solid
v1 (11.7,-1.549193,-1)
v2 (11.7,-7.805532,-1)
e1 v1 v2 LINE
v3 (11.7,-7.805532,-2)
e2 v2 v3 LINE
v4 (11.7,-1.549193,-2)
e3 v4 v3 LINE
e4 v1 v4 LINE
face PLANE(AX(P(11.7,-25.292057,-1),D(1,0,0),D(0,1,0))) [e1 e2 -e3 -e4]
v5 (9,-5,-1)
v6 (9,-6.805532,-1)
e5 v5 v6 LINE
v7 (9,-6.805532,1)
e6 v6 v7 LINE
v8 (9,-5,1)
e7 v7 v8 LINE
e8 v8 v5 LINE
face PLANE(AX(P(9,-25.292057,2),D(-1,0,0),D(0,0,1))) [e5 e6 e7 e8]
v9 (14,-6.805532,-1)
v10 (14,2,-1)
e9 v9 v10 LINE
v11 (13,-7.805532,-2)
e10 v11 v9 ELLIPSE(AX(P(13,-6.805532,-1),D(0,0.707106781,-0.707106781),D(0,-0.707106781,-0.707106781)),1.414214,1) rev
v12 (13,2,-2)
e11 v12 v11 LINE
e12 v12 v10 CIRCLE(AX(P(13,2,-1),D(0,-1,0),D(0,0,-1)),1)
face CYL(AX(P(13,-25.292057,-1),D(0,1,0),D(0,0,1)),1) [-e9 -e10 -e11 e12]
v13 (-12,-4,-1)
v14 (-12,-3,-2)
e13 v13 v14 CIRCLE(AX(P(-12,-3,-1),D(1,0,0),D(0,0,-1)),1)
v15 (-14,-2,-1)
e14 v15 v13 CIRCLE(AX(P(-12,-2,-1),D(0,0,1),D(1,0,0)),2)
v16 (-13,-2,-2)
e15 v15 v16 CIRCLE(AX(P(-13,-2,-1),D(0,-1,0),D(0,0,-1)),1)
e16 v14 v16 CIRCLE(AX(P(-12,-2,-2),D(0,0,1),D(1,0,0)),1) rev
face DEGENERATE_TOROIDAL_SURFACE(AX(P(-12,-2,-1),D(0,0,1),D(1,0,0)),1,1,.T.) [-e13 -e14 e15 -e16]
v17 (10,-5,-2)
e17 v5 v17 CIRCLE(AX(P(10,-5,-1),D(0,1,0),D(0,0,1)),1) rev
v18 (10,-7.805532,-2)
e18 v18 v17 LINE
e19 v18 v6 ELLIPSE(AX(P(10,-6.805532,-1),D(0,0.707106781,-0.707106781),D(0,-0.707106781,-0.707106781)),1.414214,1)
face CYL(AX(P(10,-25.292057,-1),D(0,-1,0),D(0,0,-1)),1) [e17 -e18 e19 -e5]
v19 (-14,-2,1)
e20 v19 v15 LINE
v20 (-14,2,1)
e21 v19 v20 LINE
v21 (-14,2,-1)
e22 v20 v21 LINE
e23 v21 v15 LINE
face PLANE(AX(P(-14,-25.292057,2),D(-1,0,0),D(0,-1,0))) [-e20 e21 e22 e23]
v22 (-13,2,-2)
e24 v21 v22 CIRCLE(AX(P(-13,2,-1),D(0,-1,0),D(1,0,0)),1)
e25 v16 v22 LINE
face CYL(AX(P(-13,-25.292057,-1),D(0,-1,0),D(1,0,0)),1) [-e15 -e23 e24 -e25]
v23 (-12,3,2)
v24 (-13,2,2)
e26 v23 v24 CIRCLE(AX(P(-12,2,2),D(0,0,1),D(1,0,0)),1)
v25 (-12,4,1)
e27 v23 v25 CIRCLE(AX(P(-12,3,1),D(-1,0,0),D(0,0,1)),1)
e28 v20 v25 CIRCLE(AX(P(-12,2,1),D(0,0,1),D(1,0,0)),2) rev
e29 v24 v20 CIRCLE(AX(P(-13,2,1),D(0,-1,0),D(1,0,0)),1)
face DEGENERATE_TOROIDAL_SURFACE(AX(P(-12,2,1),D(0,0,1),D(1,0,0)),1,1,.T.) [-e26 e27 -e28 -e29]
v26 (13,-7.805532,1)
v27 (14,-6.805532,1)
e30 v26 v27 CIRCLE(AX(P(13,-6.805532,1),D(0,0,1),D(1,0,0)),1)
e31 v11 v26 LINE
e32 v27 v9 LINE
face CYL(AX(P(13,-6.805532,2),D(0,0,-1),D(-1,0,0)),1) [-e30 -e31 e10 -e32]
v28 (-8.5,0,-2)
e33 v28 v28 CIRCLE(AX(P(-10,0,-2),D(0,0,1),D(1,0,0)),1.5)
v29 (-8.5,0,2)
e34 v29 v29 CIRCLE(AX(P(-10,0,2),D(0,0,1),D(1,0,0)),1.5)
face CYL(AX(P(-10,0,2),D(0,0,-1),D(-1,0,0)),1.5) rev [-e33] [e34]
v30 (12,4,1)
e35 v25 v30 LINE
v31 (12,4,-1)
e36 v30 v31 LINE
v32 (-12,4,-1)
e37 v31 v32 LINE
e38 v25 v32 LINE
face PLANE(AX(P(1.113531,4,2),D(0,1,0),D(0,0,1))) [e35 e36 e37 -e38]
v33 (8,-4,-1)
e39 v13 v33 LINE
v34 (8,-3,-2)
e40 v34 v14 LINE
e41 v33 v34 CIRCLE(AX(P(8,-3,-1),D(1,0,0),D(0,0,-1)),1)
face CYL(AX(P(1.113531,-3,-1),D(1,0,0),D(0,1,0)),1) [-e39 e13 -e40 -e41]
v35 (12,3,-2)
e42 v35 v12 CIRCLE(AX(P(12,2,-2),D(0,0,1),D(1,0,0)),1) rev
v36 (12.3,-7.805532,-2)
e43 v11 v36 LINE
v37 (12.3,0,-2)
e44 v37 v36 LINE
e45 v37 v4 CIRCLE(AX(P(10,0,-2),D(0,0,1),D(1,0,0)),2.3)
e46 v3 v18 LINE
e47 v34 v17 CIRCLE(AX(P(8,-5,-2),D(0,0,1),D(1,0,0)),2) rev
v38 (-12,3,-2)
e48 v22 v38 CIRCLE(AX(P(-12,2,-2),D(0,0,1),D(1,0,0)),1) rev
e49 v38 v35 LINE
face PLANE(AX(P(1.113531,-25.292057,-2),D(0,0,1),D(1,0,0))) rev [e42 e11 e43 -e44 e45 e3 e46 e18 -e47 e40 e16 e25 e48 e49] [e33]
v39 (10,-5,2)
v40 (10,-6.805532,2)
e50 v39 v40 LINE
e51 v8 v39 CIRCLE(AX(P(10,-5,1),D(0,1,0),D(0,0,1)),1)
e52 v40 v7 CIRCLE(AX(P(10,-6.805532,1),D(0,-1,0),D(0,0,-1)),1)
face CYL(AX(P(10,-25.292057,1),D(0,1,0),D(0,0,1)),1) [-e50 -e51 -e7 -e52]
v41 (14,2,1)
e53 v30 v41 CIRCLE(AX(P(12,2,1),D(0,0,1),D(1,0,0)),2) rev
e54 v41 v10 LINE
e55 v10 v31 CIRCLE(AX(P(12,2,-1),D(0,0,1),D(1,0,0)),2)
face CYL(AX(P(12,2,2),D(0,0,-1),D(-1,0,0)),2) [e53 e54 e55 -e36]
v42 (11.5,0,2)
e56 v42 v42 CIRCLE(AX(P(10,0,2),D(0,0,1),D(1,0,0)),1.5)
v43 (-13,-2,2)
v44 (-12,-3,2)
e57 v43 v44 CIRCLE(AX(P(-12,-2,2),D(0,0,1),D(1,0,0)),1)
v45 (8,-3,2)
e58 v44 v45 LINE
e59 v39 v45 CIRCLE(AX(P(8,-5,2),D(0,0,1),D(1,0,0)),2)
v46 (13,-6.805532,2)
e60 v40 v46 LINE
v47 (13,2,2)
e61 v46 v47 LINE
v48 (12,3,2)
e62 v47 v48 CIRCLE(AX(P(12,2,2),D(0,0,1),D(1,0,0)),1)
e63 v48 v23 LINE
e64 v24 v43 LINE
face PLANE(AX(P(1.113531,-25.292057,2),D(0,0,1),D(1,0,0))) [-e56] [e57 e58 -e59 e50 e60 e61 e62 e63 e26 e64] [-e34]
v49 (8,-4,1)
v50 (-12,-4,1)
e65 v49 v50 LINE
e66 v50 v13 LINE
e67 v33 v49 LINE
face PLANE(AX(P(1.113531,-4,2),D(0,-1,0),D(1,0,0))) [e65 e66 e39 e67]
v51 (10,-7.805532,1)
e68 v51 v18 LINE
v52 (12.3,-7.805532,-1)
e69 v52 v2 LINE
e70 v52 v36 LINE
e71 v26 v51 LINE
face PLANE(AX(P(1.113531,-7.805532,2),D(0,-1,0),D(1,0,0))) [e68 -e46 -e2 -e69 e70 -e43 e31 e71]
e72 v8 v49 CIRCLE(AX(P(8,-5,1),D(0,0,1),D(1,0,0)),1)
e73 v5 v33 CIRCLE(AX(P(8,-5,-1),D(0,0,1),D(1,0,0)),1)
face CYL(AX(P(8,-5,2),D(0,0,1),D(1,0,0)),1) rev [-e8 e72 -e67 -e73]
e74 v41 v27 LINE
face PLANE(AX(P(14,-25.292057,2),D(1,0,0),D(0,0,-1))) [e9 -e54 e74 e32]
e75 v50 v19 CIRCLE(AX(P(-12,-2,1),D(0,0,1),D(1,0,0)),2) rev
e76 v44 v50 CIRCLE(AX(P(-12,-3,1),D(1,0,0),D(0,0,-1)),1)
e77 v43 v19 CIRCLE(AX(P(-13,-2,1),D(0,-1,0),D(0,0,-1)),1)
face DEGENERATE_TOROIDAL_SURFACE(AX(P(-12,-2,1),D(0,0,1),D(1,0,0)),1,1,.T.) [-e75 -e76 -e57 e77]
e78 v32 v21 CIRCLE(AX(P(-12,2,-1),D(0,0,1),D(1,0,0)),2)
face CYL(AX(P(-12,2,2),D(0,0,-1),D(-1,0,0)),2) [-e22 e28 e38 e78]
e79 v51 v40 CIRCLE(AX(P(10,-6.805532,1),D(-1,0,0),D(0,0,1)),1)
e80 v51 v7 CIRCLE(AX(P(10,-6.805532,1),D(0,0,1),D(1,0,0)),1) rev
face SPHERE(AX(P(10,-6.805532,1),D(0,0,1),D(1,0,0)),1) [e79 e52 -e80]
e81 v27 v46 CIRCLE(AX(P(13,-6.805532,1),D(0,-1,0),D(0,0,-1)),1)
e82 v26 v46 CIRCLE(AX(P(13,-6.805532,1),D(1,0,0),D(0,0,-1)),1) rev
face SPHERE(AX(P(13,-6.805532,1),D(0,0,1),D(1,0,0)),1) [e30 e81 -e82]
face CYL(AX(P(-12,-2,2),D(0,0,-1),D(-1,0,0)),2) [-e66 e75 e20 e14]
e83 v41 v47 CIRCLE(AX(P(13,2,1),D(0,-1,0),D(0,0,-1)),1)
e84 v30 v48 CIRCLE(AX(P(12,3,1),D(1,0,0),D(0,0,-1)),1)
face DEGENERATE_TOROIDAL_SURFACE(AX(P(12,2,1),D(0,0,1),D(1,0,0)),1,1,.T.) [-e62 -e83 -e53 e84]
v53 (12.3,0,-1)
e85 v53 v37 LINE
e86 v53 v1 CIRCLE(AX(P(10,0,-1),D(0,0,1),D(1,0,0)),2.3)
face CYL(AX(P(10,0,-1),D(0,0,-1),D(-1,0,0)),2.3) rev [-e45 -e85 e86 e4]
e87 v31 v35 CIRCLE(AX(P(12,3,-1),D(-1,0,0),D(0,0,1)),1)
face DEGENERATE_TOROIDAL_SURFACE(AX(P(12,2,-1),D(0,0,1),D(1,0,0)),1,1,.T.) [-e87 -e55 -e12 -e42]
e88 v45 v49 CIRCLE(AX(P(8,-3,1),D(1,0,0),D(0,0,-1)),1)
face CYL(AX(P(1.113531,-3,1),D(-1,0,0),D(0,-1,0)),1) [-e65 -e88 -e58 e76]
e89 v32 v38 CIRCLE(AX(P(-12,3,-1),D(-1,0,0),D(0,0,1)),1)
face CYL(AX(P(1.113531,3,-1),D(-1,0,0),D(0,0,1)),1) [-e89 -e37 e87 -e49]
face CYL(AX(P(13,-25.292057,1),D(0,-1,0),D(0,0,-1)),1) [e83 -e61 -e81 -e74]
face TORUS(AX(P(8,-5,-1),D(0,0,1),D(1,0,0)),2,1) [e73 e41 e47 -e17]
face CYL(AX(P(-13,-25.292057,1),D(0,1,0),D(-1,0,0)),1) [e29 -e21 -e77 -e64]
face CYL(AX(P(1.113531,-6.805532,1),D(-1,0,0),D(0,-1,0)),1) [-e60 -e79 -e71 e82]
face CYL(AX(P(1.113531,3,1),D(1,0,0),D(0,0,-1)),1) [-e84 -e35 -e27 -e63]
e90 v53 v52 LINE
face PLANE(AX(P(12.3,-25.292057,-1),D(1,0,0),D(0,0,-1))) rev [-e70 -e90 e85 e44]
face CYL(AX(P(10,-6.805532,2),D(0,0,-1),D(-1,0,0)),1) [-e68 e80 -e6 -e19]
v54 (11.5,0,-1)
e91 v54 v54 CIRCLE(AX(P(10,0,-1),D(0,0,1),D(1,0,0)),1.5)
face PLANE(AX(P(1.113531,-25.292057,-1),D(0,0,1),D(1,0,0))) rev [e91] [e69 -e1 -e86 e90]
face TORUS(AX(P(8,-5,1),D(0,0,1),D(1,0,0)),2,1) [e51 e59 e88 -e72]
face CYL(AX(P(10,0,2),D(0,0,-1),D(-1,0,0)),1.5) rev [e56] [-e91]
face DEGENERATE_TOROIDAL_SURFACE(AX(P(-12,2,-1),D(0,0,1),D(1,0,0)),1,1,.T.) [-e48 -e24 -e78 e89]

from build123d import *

# Parameters (mm, degrees)
SKETCH1_W      = 2.7
SKETCH1_H      = 3.805531959
SKETCH1_W_2    = 1.7
SKETCH1_R      = 1.5
SKETCH1_R_2    = 2.3
EXTRUDE1_DEPTH = 2
EXTRUDE2_START = -2
SKETCH1_4_R    = 2.3
SKETCH1_4_R_2  = 1.5
EXTRUDE2_DEPTH = 1
FILLET1_R      = 1


with BuildPart() as part:
    # Sketch1 → Extrude1 (new, symmetric)
    with BuildSketch(Plane.XY):
        with BuildLine():
            Line((12.3, -4), (12.3, -3.977371993))
            ThreePointArc((12.3, -3.977371993), (12.150426084, -3.994334975), (12, -4))
            Line((12, -4), (12.3, -4))
        make_face()
        with BuildLine():
            Line((14, -4), (14, -2))
            ThreePointArc((14, -2), (13.516575089, -3.303840481), (12.3, -3.977371993))
            Line((12.3, -3.977371993), (12.3, -4))
            Line((12.3, -4), (14, -4))
        make_face()
        with Locations((10.35, -5.902765979)):
            Rectangle(SKETCH1_W, SKETCH1_H)
        Polygon((12, -4), (11.7, -4), (11.7, -7.805531959), (12.3, -7.805531959), (12.3, -4), align=None)
        with Locations((13.15, -5.902765979)):
            Rectangle(SKETCH1_W_2, SKETCH1_H)
        with BuildLine():
            ThreePointArc((12, -4), (12.150426084, -3.994334975), (12.3, -3.977371993))
            Line((12.3, -3.977371993), (12.3, 0))
            ThreePointArc((12.3, 0), (12.144761059, -0.830662386), (11.7, -1.549193338))
            Line((11.7, -1.549193338), (11.7, -4))
            Line((11.7, -4), (12, -4))
        make_face()
        with BuildLine():
            Line((12, 4), (-12, 4))
            ThreePointArc((-12, 4), (-13.414213562, 3.414213562), (-14, 2))
            Line((-14, 2), (-14, -2))
            ThreePointArc((-14, -2), (-13.414213562, -3.414213562), (-12, -4))
            Line((-12, -4), (9, -4))
            Line((9, -4), (11.7, -4))
            Line((11.7, -4), (11.7, -1.549193338))
            ThreePointArc((11.7, -1.549193338), (7.855238941, 0.830662386), (12.3, 0))
            Line((12.3, 0), (12.3, -3.977371993))
            ThreePointArc((12.3, -3.977371993), (13.516575089, -3.303840481), (14, -2))
            Line((14, -2), (14, 2))
            ThreePointArc((14, 2), (13.414213562, 3.414213562), (12, 4))
        make_face()
        with Locations((-10, 0)):
            Circle(SKETCH1_R, mode=Mode.SUBTRACT)
        with Locations((10, 0)):
            Circle(SKETCH1_R_2)
        with Locations((10, 0)):
            Circle(SKETCH1_R, mode=Mode.SUBTRACT)
    extrude(amount=EXTRUDE1_DEPTH, both=True)

    # Sketch1_4 → Extrude2 (cut)
    with BuildSketch(Plane.XY.offset(EXTRUDE2_START)):
        with BuildLine():
            Line((12.3, -4), (12.3, -3.977371993))
            ThreePointArc((12.3, -3.977371993), (12.150426084, -3.994334975), (12, -4))
            Line((12, -4), (12.3, -4))
        make_face()
        with Locations((10, 0)):
            Circle(SKETCH1_4_R)
        with Locations((10, 0)):
            Circle(SKETCH1_4_R_2, mode=Mode.SUBTRACT)
        with BuildLine():
            ThreePointArc((12, -4), (12.150426084, -3.994334975), (12.3, -3.977371993))
            Line((12.3, -3.977371993), (12.3, 0))
            ThreePointArc((12.3, 0), (12.144761059, -0.830662386), (11.7, -1.549193338))
            Line((11.7, -1.549193338), (11.7, -4))
            Line((11.7, -4), (12, -4))
        make_face()
        Polygon((12, -4), (11.7, -4), (11.7, -7.805531959), (12.3, -7.805531959), (12.3, -4), align=None)
    extrude(amount=EXTRUDE2_DEPTH, mode=Mode.SUBTRACT)

    # Fillet1
    fillet1_edges = [part.edges().sort_by_distance(p)[0] for p in [
        (9, -5.902765979, 2),
        (-13.414213562, -3.414213562, -2),
        (-14, 0, -2),
        (11.5, -7.805531959, 2),
        (-13.414213562, 3.414213562, -2),
        (0, 4, -2),
        (13.414213562, 3.414213562, -2),
        (14, -2.902765979, -2),
        (9, -5.902765979, -2),
        (-1.5, -4, -2),
        (14, -2.902765979, 2),
        (14, -7.805531959, 0),
        (9, -7.805531959, 0),
        (9, -4, 0),
        (13.414213562, 3.414213562, 2),
        (0, 4, 2),
        (-13.414213562, 3.414213562, 2),
        (-14, 0, 2),
        (-13.414213562, -3.414213562, 2),
        (-1.5, -4, 2),
    ]]
    fillet(fillet1_edges, radius=FILLET1_R)


solid = part.part
